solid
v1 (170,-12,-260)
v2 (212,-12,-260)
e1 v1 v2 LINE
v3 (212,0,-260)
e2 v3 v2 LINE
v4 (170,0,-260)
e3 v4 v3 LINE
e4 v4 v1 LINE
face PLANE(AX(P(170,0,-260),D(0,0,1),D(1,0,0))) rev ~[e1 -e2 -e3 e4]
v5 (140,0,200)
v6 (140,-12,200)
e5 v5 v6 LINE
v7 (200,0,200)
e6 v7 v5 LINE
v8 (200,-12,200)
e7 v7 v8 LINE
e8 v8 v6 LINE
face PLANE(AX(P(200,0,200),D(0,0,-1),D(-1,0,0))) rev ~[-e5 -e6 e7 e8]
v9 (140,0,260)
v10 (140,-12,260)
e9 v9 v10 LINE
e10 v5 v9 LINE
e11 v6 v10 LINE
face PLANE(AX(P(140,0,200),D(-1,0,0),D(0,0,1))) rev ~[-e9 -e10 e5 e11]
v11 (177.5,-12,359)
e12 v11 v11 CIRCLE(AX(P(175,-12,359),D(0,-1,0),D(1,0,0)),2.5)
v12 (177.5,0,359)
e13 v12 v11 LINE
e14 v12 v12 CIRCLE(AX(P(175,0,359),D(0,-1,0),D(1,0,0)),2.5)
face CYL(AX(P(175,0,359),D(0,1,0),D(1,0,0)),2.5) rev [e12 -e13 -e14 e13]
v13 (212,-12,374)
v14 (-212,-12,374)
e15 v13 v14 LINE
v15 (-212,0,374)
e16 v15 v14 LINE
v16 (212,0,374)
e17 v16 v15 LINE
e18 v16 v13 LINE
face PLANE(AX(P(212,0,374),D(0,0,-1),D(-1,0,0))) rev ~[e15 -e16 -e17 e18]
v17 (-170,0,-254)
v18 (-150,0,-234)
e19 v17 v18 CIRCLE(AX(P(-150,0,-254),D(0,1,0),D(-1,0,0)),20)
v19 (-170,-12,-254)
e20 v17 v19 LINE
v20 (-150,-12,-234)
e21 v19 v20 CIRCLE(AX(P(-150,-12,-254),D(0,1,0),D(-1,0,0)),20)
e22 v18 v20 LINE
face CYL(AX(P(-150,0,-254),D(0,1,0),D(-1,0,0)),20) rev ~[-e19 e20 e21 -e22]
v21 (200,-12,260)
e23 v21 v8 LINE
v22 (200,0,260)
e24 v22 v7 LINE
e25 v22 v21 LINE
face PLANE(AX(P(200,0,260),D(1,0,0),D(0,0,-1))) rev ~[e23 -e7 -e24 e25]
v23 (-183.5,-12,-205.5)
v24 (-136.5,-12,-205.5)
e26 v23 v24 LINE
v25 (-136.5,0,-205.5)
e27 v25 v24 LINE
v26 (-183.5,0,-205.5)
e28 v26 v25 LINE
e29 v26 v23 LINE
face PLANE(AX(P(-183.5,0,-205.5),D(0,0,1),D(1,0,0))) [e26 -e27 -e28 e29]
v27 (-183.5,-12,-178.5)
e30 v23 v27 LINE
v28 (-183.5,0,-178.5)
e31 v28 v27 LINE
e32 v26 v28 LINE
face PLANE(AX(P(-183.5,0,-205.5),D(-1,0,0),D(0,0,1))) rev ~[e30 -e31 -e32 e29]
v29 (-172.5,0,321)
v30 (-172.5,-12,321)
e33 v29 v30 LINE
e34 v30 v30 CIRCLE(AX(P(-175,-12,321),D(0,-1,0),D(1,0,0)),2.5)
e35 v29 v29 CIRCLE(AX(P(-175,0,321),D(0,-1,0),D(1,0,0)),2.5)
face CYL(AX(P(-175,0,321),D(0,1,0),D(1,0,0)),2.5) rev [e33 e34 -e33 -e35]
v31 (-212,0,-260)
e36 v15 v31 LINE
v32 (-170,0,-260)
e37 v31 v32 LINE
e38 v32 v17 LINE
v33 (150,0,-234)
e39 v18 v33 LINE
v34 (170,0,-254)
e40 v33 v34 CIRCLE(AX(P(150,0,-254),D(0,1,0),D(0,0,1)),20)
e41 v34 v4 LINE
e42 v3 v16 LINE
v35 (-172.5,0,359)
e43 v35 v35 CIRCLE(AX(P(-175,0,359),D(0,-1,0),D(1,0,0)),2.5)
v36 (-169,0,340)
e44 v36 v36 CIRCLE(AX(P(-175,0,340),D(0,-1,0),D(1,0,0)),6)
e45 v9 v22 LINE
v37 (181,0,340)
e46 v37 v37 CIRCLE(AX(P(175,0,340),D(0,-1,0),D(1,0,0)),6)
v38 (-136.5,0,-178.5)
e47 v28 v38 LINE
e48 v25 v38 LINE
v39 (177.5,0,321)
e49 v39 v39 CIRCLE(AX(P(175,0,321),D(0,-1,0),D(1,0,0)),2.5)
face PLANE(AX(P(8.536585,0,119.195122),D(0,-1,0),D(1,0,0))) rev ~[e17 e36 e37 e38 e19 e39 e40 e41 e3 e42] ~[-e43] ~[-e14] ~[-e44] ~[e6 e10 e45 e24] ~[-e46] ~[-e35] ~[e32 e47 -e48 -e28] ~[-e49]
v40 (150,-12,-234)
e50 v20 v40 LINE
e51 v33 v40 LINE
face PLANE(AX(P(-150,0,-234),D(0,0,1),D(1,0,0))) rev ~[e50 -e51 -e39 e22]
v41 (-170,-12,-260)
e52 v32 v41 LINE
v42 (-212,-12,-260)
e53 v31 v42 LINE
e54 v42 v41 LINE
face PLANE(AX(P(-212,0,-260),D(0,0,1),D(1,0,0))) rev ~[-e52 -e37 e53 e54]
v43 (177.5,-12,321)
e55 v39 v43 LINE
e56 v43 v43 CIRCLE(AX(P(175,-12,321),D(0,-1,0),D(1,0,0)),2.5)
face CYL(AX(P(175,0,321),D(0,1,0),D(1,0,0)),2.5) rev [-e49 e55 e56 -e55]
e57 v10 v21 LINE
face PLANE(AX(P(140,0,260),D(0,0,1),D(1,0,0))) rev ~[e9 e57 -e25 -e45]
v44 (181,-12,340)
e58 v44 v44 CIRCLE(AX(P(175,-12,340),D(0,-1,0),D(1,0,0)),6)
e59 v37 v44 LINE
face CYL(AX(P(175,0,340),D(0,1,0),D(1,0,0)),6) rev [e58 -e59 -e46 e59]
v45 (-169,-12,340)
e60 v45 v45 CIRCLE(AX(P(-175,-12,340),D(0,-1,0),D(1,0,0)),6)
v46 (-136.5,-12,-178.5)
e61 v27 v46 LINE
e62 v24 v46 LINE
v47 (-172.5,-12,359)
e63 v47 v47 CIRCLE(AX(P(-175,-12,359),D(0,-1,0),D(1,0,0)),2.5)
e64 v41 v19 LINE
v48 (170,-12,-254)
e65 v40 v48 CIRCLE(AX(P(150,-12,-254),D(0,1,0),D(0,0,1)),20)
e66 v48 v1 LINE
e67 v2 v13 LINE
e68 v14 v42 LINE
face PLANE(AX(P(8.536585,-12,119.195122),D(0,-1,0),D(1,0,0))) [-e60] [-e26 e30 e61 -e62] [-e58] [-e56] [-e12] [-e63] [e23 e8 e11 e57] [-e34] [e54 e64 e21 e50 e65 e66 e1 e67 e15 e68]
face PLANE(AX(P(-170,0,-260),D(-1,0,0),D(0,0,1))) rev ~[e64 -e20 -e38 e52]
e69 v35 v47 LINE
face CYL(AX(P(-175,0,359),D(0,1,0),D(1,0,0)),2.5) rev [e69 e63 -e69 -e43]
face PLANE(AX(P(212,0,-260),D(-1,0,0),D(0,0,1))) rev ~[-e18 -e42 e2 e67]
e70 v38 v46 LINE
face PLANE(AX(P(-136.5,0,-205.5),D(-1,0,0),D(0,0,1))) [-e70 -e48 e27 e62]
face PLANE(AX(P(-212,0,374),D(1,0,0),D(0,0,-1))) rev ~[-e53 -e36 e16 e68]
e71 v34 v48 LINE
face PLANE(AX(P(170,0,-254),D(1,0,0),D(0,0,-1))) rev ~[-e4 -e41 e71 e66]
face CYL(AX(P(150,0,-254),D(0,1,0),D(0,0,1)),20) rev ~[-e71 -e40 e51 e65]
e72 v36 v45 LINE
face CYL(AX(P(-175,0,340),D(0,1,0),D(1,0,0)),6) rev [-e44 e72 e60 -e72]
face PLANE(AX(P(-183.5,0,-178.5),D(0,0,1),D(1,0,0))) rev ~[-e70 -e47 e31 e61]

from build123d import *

# Parameters (mm, degrees)
F1_R     = 2.5
F1_R_2   = 6
F1_W     = 400
F1_H     = 12
F1_H_2   = 60
F1_W_2   = 47
F1_H_3   = 27
F2_DEPTH = 12


with BuildPart() as f2:
    # F1 (on Front) → F2 (new body)
    with BuildSketch(Plane.XZ):
        Polygon((200, 260), (200, 374), (-200, 374), (-200, -150), (200, -150), (200, 200), (140, 200), (140, 260), align=None)
        with Locations((-175, 321)):
            Circle(F1_R, mode=Mode.SUBTRACT)
        with Locations((-175, 340)):
            Circle(F1_R_2, mode=Mode.SUBTRACT)
        with Locations((-175, 359)):
            Circle(F1_R, mode=Mode.SUBTRACT)
        with Locations((175, 321)):
            Circle(F1_R, mode=Mode.SUBTRACT)
        with Locations((175, 340)):
            Circle(F1_R_2, mode=Mode.SUBTRACT)
        with Locations((175, 359)):
            Circle(F1_R, mode=Mode.SUBTRACT)
        Polygon((212, 374), (200, 374), (200, 260), (200, 200), (200, -150), (200, -162), (200, -222), (200, -234), (200, -260), (212, -260), align=None)
        Polygon((-200, -150), (-200, 374), (-212, 374), (-212, -260), (-200, -260), (-200, -234), (-200, -222), (-200, -162), align=None)
        with Locations((0, -156)):
            Rectangle(F1_W, F1_H)
        with Locations((0, -192)):
            Rectangle(F1_W, F1_H_2)
        with Locations((-160, -192)):
            Rectangle(F1_W_2, F1_H_3, mode=Mode.SUBTRACT)
        Polygon((200, -222), (-200, -222), (-200, -234), (-150, -234), (150, -234), (200, -234), align=None)
        with BuildLine():
            Line((-200, -234), (-200, -260))
            Line((-200, -260), (-170, -260))
            Line((-170, -260), (-170, -254))
            ThreePointArc((-170, -254), (-164.1421356237, -239.8578643763), (-150, -234))
            Line((-150, -234), (-200, -234))
        make_face()
        with BuildLine():
            Line((170, -260), (200, -260))
            Line((200, -260), (200, -234))
            Line((200, -234), (150, -234))
            ThreePointArc((150, -234), (164.1421356237, -239.8578643763), (170, -254))
            Line((170, -254), (170, -260))
        make_face()
    extrude(amount=F2_DEPTH)


solid = f2.part
